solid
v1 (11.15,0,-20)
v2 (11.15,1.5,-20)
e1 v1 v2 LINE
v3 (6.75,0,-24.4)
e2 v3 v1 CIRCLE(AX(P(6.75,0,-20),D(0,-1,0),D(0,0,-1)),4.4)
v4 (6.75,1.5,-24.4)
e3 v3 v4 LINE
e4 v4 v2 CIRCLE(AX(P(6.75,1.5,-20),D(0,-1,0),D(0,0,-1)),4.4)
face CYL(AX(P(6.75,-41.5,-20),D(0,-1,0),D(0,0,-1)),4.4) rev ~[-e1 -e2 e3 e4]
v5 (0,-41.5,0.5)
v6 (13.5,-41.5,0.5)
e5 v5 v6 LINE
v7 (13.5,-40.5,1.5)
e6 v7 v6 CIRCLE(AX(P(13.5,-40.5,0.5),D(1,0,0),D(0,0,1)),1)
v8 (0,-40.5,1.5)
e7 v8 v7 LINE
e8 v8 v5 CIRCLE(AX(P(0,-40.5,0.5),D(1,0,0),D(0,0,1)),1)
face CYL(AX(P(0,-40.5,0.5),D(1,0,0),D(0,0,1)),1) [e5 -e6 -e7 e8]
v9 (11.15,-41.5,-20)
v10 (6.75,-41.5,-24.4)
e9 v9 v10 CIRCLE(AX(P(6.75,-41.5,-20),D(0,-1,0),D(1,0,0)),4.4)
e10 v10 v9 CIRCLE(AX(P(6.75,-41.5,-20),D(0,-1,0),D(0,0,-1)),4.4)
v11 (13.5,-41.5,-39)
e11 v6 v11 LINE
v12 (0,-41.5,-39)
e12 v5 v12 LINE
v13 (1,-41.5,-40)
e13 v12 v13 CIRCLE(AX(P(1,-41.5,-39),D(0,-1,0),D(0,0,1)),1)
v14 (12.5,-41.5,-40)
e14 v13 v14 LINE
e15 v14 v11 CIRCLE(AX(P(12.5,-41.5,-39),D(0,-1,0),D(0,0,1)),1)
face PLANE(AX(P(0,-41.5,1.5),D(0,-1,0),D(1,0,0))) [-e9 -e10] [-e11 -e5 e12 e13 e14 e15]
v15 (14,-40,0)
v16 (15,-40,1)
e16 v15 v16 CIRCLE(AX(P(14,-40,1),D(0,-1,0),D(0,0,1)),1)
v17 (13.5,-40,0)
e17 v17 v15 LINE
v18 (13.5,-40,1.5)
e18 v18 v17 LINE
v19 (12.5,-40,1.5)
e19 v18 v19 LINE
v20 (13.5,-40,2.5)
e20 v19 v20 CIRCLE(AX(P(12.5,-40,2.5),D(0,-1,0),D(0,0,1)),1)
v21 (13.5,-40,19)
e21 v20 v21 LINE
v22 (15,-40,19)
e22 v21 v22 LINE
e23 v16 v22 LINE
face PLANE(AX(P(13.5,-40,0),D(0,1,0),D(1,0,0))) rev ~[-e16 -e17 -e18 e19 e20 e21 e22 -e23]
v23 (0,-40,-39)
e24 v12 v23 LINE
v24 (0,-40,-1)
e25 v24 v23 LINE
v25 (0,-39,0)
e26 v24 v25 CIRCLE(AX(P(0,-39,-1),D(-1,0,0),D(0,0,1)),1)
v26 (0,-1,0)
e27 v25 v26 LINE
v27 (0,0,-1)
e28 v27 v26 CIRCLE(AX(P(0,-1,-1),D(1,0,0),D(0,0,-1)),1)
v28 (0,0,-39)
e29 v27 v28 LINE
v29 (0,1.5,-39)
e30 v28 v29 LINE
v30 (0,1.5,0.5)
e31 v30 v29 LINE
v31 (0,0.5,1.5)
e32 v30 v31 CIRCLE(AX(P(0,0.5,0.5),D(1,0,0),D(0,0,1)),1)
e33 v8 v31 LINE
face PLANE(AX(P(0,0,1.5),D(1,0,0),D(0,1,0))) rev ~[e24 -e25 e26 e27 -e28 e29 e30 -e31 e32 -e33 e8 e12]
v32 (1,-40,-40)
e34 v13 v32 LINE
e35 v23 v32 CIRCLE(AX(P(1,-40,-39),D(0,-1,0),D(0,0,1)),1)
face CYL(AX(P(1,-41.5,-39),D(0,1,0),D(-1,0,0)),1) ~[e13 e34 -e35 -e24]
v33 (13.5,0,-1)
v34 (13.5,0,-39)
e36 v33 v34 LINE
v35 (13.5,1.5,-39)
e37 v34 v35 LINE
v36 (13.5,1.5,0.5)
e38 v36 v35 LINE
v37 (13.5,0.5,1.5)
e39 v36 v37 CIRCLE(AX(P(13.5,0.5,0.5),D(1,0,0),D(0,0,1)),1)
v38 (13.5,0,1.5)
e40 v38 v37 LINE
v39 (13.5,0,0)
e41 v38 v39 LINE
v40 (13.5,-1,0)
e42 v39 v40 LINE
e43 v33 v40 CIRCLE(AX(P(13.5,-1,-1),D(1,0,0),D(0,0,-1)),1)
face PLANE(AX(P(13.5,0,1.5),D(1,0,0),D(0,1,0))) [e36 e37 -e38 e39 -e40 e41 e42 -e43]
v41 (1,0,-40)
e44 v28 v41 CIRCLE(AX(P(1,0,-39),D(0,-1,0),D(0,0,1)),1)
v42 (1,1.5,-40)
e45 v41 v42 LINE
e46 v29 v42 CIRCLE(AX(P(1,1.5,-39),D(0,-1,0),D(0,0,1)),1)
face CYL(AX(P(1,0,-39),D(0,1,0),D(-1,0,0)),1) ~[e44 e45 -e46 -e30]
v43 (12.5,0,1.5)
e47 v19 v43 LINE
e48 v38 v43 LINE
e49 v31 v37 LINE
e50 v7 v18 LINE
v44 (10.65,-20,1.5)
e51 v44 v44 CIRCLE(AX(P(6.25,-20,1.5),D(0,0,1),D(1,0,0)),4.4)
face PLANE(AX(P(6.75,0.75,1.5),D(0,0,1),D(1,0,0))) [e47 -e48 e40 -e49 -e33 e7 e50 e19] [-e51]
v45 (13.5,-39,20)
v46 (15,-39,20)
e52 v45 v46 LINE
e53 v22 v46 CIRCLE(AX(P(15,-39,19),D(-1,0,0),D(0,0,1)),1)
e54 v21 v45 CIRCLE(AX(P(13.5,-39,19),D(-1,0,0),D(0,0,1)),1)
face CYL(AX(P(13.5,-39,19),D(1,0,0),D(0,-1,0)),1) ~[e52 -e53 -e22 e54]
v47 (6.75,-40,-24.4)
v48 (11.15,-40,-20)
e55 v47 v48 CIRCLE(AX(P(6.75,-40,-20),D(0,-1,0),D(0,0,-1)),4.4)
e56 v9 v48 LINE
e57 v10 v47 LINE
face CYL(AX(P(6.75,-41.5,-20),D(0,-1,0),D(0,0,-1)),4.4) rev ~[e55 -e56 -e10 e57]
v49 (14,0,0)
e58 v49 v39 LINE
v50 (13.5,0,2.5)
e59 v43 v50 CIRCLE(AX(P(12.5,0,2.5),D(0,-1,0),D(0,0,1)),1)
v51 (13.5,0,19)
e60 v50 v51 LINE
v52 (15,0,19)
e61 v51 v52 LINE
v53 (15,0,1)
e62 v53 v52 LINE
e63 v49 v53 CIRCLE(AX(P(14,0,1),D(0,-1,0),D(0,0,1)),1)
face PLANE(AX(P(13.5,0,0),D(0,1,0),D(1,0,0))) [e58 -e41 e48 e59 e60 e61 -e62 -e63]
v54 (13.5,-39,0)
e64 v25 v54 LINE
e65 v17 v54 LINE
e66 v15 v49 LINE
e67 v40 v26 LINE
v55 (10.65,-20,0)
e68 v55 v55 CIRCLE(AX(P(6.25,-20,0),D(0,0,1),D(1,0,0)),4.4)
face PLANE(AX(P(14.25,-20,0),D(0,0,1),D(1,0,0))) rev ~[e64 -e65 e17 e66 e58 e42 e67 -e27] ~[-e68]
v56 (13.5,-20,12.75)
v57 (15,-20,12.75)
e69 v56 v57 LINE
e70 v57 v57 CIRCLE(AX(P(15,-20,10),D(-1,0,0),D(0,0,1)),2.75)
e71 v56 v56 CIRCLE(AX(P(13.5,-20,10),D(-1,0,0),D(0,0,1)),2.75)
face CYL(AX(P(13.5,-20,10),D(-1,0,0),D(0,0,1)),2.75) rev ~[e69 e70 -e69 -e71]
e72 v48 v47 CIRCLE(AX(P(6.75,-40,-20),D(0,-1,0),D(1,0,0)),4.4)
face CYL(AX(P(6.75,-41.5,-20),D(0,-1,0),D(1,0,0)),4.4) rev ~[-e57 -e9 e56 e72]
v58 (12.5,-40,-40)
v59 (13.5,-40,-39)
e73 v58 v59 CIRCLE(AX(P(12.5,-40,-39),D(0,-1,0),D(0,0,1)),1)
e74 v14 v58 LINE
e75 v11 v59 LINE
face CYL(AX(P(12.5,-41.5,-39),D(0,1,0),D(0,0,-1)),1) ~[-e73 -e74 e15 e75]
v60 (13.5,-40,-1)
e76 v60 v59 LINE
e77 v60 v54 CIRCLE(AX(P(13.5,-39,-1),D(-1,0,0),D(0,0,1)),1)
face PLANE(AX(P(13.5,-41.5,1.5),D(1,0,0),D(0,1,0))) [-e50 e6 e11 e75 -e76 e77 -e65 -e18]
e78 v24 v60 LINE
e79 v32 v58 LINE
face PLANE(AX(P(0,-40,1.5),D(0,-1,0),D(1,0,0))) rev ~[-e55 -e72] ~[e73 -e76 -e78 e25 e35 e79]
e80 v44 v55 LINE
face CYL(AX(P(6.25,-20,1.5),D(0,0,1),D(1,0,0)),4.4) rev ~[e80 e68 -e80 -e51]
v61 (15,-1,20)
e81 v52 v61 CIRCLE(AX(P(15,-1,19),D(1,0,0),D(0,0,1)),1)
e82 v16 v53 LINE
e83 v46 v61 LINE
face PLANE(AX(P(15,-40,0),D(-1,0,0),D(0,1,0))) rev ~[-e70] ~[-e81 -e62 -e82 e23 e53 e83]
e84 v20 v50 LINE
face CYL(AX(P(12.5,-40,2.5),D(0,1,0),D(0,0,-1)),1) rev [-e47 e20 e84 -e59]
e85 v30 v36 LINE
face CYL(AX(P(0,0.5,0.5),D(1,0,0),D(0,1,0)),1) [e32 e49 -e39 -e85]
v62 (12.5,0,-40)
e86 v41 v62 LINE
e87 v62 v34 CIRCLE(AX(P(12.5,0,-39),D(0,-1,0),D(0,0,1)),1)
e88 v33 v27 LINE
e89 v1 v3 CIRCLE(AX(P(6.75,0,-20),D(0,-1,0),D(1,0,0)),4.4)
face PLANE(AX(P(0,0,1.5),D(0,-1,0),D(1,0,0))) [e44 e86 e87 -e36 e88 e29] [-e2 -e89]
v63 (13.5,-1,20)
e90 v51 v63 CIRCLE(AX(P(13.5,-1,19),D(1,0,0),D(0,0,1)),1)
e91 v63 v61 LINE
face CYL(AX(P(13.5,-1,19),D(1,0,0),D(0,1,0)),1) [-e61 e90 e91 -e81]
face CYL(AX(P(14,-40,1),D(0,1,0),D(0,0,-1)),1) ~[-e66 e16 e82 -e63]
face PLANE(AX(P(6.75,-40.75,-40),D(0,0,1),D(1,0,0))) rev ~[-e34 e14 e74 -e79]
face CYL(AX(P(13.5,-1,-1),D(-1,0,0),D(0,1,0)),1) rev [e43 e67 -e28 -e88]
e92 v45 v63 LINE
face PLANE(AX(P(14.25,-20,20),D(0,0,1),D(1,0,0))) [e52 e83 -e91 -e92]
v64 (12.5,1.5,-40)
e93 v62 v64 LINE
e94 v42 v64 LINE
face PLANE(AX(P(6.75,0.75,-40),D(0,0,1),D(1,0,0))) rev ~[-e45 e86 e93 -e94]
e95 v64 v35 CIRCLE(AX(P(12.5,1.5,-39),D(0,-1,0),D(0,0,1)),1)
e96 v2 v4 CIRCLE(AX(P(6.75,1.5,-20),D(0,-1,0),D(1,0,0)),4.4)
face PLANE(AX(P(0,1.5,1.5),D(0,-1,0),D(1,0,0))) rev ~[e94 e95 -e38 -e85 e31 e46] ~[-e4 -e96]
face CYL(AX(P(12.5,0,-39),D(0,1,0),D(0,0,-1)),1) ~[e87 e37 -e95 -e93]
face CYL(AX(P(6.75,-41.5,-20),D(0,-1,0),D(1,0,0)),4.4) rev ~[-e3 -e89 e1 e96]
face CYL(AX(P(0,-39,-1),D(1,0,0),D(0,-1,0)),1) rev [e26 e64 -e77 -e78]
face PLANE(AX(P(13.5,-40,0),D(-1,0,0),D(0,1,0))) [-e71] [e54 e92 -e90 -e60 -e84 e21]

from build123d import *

# Parameters (mm, degrees)
SKETCH_1_W          = 13.5
SKETCH_1_H          = 40
EXTRUDE_1_DEPTH     = 1.5
SKETCH_1_3_W        = 1.5
SKETCH_1_3_H        = 40
EXTRUDE_2_DEPTH     = 20
SKETCH_2_W          = 13.5
SKETCH_2_H          = 1.5
EXTRUDE_3_DEPTH     = 41.5
SKETCH_3_R          = 2.75
CUT_EXTRUDE_1_DEPTH = 2
FILLET_1_R          = 1
CUT_EXTRUDE_2_DEPTH = 10
CUT_EXTRUDE_3_DEPTH = 60


with BuildPart() as part:
    # 草图1 → 凸台-拉伸1 (new body)
    with BuildSketch(Plane.XY):
        with Locations((6.75, -20)):
            Rectangle(SKETCH_1_W, SKETCH_1_H)
    extrude(amount=EXTRUDE_1_DEPTH)

    # 草图1<3> → 凸台-拉伸2 (add)
    with BuildSketch(Plane.XY):
        with Locations((14.25, -20)):
            Rectangle(SKETCH_1_3_W, SKETCH_1_3_H)
    extrude(amount=EXTRUDE_2_DEPTH)

    # 草图2 → 凸台-拉伸3 (add)
    with BuildSketch(Plane.XY.offset(1.5)):
        with Locations((6.75, 0.75)):
            Rectangle(SKETCH_2_W, SKETCH_2_H)
        with Locations((6.75, -40.75)):
            Rectangle(SKETCH_2_W, SKETCH_2_H)
    extrude(amount=-EXTRUDE_3_DEPTH)

    # 草图3 → 切除-拉伸1 (cut)
    with BuildSketch(Plane.ZY.offset(-13.5)):
        with Locations((10, -20)):
            Circle(SKETCH_3_R)
    extrude(amount=-CUT_EXTRUDE_1_DEPTH, mode=Mode.SUBTRACT)

    # 圆角1
    fillet_1_edges = [part.edges().sort_by_distance(p)[0] for p in [
        (14.25, 0, 20),
        (14.25, -40, 20),
        (13.5, -20, 1.5),
        (6.75, 0, 0),
        (6.75, 1.5, 1.5),
        (6.75, -40, 0),
        (15, -20, 0),
        (6.75, -41.5, 1.5),
        (13.5, 0.75, -40),
        (13.5, -40.75, -40),
        (0, -40.75, -40),
        (0, 0.75, -40),
    ]]
    fillet(fillet_1_edges, radius=FILLET_1_R)

    # 草图10 → 切除-拉伸2 (cut)
    with BuildSketch(Plane.XY.offset(1.5)):
        with BuildLine():
            ThreePointArc((1.85, -20), (6.25, -24.4), (10.65, -20))
            ThreePointArc((10.65, -20), (6.25, -15.6), (1.85, -20))
        make_face()
    extrude(amount=-CUT_EXTRUDE_2_DEPTH, mode=Mode.SUBTRACT)

    # 草图5 → 切除-拉伸3 (cut)
    with BuildSketch(Plane.XZ.offset(41.5)):
        with BuildLine():
            ThreePointArc((6.75, -24.4), (9.861269837, -23.111269837), (11.15, -20))
            ThreePointArc((11.15, -20), (3.638730163, -16.888730163), (6.75, -24.4))
        make_face()
    extrude(amount=-CUT_EXTRUDE_3_DEPTH, mode=Mode.SUBTRACT)


solid = part.part
